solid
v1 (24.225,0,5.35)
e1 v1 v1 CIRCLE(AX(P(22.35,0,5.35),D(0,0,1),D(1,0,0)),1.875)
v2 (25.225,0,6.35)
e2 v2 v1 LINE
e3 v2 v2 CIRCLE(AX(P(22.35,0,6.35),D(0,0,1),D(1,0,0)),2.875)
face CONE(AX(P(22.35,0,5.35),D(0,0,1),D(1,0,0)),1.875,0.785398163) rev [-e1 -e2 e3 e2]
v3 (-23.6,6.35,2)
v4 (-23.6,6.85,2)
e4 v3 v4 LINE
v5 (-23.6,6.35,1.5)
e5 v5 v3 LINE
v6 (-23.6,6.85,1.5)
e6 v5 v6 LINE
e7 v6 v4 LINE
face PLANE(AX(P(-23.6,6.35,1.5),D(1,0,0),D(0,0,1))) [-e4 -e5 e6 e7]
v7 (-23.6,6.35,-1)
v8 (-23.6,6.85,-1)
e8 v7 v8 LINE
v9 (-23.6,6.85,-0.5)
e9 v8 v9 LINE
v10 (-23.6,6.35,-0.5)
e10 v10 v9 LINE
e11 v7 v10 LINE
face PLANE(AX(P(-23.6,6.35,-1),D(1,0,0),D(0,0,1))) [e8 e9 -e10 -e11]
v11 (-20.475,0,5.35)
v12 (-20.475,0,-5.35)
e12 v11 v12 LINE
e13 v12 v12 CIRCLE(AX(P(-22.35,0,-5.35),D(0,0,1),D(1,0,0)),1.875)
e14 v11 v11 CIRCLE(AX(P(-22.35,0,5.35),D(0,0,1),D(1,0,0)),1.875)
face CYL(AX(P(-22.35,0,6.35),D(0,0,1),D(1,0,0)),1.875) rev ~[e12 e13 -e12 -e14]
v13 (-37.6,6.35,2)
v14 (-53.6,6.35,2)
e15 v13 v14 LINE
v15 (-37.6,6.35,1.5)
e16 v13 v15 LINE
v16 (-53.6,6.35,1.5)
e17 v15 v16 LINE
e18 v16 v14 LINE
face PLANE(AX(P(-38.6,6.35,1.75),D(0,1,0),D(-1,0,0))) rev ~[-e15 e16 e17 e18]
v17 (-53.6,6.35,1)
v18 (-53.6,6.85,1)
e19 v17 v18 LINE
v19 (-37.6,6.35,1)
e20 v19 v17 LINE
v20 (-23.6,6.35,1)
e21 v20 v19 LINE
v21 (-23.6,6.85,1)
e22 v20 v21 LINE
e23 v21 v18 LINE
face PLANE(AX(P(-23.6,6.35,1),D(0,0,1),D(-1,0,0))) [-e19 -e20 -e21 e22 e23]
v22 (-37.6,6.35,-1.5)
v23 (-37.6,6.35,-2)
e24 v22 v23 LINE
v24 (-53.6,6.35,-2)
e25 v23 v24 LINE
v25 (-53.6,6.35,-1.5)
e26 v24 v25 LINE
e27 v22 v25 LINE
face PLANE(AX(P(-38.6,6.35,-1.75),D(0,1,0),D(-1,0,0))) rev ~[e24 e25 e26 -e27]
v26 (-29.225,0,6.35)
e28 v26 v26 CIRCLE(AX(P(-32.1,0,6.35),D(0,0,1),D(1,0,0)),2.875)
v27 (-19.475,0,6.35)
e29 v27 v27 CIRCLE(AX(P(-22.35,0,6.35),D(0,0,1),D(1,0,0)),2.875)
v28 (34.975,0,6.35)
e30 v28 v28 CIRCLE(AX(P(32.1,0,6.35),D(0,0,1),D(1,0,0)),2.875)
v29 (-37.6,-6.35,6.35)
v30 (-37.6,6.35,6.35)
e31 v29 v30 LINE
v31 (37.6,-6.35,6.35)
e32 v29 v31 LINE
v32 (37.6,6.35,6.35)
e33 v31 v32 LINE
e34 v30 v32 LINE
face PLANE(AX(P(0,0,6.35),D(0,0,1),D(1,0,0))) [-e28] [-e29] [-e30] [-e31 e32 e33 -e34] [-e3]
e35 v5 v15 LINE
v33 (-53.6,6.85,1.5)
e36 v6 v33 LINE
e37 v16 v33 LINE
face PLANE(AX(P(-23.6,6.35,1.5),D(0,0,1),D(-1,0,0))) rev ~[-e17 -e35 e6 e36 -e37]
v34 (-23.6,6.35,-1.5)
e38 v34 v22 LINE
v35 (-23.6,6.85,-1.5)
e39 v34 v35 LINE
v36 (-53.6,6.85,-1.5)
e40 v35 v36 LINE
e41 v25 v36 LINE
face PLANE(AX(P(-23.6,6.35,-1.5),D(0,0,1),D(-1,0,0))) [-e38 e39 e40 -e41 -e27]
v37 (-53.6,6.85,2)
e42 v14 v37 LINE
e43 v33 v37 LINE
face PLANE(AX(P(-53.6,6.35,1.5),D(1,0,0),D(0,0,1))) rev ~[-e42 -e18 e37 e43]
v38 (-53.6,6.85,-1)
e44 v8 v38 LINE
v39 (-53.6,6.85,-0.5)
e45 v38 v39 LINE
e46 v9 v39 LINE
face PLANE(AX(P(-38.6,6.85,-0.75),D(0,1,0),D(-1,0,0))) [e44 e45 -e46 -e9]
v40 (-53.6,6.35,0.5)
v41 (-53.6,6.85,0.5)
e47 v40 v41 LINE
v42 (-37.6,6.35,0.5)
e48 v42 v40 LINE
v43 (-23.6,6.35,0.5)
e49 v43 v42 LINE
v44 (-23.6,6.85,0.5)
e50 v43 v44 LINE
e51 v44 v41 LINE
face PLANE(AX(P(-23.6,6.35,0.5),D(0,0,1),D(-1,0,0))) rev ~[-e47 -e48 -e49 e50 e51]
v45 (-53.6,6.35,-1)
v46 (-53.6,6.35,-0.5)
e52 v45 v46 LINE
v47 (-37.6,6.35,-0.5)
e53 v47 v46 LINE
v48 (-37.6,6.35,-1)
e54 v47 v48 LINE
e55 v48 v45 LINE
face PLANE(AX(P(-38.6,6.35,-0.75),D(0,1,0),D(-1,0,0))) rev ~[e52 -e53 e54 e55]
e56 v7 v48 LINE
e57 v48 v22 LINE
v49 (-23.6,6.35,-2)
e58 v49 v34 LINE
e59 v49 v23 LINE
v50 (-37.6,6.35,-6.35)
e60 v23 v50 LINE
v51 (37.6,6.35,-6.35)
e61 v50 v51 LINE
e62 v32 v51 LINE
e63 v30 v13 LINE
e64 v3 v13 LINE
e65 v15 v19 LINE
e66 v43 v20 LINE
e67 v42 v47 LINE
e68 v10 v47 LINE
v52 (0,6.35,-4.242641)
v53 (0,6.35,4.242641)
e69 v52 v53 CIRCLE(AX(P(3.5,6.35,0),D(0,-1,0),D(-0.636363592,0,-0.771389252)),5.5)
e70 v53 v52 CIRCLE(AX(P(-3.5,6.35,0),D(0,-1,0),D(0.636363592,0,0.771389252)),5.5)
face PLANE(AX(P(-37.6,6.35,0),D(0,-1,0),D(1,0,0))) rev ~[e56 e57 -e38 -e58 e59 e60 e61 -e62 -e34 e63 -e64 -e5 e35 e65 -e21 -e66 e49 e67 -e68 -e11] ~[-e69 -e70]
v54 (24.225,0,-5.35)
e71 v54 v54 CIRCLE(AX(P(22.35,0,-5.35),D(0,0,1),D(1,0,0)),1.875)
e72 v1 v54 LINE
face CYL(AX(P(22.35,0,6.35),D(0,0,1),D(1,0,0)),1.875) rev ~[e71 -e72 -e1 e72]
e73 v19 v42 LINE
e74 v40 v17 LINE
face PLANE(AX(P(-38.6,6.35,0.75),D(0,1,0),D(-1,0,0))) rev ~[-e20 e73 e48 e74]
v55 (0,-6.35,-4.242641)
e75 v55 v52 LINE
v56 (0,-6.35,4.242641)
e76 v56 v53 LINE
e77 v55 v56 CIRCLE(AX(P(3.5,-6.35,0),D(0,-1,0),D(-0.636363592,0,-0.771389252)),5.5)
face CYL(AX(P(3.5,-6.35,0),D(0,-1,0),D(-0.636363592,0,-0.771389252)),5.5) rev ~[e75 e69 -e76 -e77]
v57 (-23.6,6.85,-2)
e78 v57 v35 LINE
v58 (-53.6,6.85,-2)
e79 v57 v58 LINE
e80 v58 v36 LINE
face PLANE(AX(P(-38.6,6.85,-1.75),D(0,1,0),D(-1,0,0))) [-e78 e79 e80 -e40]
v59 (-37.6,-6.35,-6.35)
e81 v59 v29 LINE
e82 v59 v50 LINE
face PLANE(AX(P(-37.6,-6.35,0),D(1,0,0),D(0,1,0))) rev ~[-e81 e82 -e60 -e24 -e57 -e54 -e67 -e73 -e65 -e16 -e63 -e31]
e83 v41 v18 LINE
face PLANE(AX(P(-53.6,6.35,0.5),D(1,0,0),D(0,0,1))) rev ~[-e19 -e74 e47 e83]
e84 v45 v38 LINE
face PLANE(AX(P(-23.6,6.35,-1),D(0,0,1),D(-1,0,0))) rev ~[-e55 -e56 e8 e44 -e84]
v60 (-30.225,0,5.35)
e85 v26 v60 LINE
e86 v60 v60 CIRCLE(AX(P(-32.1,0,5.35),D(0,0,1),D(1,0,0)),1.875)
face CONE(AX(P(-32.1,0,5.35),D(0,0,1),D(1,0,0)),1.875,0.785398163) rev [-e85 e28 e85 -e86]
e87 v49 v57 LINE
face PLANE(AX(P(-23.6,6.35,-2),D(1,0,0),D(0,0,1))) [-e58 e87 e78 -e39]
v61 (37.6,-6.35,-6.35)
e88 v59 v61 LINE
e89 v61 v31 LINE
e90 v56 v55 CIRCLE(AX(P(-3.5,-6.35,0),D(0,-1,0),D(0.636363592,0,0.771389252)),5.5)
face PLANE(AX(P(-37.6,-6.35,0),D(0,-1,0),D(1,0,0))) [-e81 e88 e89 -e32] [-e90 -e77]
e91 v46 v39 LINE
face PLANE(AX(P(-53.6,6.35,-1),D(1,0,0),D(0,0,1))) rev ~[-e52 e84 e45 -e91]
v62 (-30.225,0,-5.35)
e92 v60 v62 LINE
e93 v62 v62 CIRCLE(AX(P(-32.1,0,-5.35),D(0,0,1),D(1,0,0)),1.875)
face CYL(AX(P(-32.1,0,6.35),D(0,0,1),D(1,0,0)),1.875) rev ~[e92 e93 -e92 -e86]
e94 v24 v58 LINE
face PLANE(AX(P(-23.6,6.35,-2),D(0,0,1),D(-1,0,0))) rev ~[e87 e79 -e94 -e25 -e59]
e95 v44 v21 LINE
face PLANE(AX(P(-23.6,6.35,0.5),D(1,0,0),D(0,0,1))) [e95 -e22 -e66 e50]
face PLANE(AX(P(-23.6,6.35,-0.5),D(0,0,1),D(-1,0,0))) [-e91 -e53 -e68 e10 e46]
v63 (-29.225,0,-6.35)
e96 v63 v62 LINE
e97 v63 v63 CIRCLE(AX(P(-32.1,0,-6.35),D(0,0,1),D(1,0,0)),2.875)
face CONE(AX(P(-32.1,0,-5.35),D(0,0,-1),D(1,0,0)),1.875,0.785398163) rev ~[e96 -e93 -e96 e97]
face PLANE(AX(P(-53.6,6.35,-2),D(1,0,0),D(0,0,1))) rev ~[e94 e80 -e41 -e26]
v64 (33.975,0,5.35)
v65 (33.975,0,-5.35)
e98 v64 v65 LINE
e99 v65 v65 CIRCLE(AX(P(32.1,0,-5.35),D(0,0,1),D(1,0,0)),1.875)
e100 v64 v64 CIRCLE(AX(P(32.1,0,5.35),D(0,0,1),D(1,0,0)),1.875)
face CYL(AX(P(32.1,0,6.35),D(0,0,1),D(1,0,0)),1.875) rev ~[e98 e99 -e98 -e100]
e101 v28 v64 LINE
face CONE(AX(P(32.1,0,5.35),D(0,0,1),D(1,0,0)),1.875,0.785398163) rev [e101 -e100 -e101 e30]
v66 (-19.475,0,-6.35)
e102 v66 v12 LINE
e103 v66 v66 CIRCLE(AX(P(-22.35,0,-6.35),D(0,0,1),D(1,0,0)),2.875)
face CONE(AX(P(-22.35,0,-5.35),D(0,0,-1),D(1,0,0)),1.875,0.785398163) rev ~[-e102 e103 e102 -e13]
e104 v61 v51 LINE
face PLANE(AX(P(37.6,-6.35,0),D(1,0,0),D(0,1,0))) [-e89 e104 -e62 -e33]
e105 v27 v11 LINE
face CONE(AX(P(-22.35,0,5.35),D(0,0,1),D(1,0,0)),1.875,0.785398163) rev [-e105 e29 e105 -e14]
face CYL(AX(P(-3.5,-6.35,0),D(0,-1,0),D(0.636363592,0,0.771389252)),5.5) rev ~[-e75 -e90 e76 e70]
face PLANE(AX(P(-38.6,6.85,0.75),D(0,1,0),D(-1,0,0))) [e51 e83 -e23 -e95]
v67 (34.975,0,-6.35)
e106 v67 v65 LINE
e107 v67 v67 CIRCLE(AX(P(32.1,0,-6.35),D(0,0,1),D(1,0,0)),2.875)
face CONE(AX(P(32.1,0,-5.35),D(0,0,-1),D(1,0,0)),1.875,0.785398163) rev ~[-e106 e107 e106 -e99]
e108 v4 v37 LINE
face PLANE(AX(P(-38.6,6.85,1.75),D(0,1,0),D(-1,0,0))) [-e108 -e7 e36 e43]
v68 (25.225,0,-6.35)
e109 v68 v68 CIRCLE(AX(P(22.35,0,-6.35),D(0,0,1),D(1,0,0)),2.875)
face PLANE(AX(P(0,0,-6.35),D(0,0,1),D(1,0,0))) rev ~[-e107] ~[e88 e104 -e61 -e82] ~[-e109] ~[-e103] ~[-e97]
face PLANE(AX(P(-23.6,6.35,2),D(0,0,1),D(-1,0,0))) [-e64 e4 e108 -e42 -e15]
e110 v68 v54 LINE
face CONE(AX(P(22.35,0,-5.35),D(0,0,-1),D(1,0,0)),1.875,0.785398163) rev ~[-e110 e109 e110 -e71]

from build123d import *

# Parameters (mm, degrees)
F0_W          = 75.2
F0_H          = 12.7
F1_DEPTH      = 6.35
F1_DEPTH_BACK = 6.35
F3_DEPTH      = 25
F4_W          = 30
F4_H          = 0.5
F5_DEPTH      = 0.5
F6_R          = 1.875
F7_DEPTH      = 25
F8_SIZE       = 1


with BuildPart() as f1:
    # F0 (on Top) → F1 (new body, two sides)
    with BuildSketch(Plane.XY) as f1_sk:
        Rectangle(F0_W, F0_H)
    extrude(amount=F1_DEPTH)
    extrude(f1_sk.sketch, amount=-F1_DEPTH_BACK)

    # F2 (on face) → F3 (cut)
    with BuildSketch(Plane.XZ.offset(6.35)):
        with BuildLine():
            ThreePointArc((0, 4.242641), (-9, 0), (0, -4.242641))
            ThreePointArc((0, -4.242641), (9, 0), (0, 4.242641))
        make_face()
    extrude(amount=-F3_DEPTH, mode=Mode.SUBTRACT)

    # F4 (on face) → F5 (join)
    with BuildSketch(Plane(origin=(0, 6.35, 0), x_dir=(-1, 0, 0), z_dir=(0, 1, 0))):
        with Locations((38.6, 1.75)):
            Rectangle(F4_W, F4_H)
        with Locations((38.6, 0.75)):
            Rectangle(F4_W, F4_H)
        with Locations((38.6, -0.75)):
            Rectangle(F4_W, F4_H)
        with Locations((38.6, -1.75)):
            Rectangle(F4_W, F4_H)
    extrude(amount=F5_DEPTH)

    # F6 (on face) → F7 (cut)
    with BuildSketch(Plane.XY.offset(6.35)):
        with Locations((32.1, 0)):
            Circle(F6_R)
        with Locations((22.35, 0)):
            Circle(F6_R)
        with Locations((-22.35, 0)):
            Circle(F6_R)
        with Locations((-32.1, 0)):
            Circle(F6_R)
    extrude(amount=-F7_DEPTH, mode=Mode.SUBTRACT)

    # F8
    f8_edges = [f1.edges().sort_by_distance(p)[0] for p in [
        (30.225, 0, 6.35),
        (20.475, 0, 6.35),
        (-24.225, 0, 6.35),
        (-33.975, 0, 6.35),
        (-33.975, 0, -6.35),
        (-24.225, 0, -6.35),
        (20.475, 0, -6.35),
        (30.225, 0, -6.35),
    ]]
    chamfer(f8_edges, length=F8_SIZE)


solid = f1.part
